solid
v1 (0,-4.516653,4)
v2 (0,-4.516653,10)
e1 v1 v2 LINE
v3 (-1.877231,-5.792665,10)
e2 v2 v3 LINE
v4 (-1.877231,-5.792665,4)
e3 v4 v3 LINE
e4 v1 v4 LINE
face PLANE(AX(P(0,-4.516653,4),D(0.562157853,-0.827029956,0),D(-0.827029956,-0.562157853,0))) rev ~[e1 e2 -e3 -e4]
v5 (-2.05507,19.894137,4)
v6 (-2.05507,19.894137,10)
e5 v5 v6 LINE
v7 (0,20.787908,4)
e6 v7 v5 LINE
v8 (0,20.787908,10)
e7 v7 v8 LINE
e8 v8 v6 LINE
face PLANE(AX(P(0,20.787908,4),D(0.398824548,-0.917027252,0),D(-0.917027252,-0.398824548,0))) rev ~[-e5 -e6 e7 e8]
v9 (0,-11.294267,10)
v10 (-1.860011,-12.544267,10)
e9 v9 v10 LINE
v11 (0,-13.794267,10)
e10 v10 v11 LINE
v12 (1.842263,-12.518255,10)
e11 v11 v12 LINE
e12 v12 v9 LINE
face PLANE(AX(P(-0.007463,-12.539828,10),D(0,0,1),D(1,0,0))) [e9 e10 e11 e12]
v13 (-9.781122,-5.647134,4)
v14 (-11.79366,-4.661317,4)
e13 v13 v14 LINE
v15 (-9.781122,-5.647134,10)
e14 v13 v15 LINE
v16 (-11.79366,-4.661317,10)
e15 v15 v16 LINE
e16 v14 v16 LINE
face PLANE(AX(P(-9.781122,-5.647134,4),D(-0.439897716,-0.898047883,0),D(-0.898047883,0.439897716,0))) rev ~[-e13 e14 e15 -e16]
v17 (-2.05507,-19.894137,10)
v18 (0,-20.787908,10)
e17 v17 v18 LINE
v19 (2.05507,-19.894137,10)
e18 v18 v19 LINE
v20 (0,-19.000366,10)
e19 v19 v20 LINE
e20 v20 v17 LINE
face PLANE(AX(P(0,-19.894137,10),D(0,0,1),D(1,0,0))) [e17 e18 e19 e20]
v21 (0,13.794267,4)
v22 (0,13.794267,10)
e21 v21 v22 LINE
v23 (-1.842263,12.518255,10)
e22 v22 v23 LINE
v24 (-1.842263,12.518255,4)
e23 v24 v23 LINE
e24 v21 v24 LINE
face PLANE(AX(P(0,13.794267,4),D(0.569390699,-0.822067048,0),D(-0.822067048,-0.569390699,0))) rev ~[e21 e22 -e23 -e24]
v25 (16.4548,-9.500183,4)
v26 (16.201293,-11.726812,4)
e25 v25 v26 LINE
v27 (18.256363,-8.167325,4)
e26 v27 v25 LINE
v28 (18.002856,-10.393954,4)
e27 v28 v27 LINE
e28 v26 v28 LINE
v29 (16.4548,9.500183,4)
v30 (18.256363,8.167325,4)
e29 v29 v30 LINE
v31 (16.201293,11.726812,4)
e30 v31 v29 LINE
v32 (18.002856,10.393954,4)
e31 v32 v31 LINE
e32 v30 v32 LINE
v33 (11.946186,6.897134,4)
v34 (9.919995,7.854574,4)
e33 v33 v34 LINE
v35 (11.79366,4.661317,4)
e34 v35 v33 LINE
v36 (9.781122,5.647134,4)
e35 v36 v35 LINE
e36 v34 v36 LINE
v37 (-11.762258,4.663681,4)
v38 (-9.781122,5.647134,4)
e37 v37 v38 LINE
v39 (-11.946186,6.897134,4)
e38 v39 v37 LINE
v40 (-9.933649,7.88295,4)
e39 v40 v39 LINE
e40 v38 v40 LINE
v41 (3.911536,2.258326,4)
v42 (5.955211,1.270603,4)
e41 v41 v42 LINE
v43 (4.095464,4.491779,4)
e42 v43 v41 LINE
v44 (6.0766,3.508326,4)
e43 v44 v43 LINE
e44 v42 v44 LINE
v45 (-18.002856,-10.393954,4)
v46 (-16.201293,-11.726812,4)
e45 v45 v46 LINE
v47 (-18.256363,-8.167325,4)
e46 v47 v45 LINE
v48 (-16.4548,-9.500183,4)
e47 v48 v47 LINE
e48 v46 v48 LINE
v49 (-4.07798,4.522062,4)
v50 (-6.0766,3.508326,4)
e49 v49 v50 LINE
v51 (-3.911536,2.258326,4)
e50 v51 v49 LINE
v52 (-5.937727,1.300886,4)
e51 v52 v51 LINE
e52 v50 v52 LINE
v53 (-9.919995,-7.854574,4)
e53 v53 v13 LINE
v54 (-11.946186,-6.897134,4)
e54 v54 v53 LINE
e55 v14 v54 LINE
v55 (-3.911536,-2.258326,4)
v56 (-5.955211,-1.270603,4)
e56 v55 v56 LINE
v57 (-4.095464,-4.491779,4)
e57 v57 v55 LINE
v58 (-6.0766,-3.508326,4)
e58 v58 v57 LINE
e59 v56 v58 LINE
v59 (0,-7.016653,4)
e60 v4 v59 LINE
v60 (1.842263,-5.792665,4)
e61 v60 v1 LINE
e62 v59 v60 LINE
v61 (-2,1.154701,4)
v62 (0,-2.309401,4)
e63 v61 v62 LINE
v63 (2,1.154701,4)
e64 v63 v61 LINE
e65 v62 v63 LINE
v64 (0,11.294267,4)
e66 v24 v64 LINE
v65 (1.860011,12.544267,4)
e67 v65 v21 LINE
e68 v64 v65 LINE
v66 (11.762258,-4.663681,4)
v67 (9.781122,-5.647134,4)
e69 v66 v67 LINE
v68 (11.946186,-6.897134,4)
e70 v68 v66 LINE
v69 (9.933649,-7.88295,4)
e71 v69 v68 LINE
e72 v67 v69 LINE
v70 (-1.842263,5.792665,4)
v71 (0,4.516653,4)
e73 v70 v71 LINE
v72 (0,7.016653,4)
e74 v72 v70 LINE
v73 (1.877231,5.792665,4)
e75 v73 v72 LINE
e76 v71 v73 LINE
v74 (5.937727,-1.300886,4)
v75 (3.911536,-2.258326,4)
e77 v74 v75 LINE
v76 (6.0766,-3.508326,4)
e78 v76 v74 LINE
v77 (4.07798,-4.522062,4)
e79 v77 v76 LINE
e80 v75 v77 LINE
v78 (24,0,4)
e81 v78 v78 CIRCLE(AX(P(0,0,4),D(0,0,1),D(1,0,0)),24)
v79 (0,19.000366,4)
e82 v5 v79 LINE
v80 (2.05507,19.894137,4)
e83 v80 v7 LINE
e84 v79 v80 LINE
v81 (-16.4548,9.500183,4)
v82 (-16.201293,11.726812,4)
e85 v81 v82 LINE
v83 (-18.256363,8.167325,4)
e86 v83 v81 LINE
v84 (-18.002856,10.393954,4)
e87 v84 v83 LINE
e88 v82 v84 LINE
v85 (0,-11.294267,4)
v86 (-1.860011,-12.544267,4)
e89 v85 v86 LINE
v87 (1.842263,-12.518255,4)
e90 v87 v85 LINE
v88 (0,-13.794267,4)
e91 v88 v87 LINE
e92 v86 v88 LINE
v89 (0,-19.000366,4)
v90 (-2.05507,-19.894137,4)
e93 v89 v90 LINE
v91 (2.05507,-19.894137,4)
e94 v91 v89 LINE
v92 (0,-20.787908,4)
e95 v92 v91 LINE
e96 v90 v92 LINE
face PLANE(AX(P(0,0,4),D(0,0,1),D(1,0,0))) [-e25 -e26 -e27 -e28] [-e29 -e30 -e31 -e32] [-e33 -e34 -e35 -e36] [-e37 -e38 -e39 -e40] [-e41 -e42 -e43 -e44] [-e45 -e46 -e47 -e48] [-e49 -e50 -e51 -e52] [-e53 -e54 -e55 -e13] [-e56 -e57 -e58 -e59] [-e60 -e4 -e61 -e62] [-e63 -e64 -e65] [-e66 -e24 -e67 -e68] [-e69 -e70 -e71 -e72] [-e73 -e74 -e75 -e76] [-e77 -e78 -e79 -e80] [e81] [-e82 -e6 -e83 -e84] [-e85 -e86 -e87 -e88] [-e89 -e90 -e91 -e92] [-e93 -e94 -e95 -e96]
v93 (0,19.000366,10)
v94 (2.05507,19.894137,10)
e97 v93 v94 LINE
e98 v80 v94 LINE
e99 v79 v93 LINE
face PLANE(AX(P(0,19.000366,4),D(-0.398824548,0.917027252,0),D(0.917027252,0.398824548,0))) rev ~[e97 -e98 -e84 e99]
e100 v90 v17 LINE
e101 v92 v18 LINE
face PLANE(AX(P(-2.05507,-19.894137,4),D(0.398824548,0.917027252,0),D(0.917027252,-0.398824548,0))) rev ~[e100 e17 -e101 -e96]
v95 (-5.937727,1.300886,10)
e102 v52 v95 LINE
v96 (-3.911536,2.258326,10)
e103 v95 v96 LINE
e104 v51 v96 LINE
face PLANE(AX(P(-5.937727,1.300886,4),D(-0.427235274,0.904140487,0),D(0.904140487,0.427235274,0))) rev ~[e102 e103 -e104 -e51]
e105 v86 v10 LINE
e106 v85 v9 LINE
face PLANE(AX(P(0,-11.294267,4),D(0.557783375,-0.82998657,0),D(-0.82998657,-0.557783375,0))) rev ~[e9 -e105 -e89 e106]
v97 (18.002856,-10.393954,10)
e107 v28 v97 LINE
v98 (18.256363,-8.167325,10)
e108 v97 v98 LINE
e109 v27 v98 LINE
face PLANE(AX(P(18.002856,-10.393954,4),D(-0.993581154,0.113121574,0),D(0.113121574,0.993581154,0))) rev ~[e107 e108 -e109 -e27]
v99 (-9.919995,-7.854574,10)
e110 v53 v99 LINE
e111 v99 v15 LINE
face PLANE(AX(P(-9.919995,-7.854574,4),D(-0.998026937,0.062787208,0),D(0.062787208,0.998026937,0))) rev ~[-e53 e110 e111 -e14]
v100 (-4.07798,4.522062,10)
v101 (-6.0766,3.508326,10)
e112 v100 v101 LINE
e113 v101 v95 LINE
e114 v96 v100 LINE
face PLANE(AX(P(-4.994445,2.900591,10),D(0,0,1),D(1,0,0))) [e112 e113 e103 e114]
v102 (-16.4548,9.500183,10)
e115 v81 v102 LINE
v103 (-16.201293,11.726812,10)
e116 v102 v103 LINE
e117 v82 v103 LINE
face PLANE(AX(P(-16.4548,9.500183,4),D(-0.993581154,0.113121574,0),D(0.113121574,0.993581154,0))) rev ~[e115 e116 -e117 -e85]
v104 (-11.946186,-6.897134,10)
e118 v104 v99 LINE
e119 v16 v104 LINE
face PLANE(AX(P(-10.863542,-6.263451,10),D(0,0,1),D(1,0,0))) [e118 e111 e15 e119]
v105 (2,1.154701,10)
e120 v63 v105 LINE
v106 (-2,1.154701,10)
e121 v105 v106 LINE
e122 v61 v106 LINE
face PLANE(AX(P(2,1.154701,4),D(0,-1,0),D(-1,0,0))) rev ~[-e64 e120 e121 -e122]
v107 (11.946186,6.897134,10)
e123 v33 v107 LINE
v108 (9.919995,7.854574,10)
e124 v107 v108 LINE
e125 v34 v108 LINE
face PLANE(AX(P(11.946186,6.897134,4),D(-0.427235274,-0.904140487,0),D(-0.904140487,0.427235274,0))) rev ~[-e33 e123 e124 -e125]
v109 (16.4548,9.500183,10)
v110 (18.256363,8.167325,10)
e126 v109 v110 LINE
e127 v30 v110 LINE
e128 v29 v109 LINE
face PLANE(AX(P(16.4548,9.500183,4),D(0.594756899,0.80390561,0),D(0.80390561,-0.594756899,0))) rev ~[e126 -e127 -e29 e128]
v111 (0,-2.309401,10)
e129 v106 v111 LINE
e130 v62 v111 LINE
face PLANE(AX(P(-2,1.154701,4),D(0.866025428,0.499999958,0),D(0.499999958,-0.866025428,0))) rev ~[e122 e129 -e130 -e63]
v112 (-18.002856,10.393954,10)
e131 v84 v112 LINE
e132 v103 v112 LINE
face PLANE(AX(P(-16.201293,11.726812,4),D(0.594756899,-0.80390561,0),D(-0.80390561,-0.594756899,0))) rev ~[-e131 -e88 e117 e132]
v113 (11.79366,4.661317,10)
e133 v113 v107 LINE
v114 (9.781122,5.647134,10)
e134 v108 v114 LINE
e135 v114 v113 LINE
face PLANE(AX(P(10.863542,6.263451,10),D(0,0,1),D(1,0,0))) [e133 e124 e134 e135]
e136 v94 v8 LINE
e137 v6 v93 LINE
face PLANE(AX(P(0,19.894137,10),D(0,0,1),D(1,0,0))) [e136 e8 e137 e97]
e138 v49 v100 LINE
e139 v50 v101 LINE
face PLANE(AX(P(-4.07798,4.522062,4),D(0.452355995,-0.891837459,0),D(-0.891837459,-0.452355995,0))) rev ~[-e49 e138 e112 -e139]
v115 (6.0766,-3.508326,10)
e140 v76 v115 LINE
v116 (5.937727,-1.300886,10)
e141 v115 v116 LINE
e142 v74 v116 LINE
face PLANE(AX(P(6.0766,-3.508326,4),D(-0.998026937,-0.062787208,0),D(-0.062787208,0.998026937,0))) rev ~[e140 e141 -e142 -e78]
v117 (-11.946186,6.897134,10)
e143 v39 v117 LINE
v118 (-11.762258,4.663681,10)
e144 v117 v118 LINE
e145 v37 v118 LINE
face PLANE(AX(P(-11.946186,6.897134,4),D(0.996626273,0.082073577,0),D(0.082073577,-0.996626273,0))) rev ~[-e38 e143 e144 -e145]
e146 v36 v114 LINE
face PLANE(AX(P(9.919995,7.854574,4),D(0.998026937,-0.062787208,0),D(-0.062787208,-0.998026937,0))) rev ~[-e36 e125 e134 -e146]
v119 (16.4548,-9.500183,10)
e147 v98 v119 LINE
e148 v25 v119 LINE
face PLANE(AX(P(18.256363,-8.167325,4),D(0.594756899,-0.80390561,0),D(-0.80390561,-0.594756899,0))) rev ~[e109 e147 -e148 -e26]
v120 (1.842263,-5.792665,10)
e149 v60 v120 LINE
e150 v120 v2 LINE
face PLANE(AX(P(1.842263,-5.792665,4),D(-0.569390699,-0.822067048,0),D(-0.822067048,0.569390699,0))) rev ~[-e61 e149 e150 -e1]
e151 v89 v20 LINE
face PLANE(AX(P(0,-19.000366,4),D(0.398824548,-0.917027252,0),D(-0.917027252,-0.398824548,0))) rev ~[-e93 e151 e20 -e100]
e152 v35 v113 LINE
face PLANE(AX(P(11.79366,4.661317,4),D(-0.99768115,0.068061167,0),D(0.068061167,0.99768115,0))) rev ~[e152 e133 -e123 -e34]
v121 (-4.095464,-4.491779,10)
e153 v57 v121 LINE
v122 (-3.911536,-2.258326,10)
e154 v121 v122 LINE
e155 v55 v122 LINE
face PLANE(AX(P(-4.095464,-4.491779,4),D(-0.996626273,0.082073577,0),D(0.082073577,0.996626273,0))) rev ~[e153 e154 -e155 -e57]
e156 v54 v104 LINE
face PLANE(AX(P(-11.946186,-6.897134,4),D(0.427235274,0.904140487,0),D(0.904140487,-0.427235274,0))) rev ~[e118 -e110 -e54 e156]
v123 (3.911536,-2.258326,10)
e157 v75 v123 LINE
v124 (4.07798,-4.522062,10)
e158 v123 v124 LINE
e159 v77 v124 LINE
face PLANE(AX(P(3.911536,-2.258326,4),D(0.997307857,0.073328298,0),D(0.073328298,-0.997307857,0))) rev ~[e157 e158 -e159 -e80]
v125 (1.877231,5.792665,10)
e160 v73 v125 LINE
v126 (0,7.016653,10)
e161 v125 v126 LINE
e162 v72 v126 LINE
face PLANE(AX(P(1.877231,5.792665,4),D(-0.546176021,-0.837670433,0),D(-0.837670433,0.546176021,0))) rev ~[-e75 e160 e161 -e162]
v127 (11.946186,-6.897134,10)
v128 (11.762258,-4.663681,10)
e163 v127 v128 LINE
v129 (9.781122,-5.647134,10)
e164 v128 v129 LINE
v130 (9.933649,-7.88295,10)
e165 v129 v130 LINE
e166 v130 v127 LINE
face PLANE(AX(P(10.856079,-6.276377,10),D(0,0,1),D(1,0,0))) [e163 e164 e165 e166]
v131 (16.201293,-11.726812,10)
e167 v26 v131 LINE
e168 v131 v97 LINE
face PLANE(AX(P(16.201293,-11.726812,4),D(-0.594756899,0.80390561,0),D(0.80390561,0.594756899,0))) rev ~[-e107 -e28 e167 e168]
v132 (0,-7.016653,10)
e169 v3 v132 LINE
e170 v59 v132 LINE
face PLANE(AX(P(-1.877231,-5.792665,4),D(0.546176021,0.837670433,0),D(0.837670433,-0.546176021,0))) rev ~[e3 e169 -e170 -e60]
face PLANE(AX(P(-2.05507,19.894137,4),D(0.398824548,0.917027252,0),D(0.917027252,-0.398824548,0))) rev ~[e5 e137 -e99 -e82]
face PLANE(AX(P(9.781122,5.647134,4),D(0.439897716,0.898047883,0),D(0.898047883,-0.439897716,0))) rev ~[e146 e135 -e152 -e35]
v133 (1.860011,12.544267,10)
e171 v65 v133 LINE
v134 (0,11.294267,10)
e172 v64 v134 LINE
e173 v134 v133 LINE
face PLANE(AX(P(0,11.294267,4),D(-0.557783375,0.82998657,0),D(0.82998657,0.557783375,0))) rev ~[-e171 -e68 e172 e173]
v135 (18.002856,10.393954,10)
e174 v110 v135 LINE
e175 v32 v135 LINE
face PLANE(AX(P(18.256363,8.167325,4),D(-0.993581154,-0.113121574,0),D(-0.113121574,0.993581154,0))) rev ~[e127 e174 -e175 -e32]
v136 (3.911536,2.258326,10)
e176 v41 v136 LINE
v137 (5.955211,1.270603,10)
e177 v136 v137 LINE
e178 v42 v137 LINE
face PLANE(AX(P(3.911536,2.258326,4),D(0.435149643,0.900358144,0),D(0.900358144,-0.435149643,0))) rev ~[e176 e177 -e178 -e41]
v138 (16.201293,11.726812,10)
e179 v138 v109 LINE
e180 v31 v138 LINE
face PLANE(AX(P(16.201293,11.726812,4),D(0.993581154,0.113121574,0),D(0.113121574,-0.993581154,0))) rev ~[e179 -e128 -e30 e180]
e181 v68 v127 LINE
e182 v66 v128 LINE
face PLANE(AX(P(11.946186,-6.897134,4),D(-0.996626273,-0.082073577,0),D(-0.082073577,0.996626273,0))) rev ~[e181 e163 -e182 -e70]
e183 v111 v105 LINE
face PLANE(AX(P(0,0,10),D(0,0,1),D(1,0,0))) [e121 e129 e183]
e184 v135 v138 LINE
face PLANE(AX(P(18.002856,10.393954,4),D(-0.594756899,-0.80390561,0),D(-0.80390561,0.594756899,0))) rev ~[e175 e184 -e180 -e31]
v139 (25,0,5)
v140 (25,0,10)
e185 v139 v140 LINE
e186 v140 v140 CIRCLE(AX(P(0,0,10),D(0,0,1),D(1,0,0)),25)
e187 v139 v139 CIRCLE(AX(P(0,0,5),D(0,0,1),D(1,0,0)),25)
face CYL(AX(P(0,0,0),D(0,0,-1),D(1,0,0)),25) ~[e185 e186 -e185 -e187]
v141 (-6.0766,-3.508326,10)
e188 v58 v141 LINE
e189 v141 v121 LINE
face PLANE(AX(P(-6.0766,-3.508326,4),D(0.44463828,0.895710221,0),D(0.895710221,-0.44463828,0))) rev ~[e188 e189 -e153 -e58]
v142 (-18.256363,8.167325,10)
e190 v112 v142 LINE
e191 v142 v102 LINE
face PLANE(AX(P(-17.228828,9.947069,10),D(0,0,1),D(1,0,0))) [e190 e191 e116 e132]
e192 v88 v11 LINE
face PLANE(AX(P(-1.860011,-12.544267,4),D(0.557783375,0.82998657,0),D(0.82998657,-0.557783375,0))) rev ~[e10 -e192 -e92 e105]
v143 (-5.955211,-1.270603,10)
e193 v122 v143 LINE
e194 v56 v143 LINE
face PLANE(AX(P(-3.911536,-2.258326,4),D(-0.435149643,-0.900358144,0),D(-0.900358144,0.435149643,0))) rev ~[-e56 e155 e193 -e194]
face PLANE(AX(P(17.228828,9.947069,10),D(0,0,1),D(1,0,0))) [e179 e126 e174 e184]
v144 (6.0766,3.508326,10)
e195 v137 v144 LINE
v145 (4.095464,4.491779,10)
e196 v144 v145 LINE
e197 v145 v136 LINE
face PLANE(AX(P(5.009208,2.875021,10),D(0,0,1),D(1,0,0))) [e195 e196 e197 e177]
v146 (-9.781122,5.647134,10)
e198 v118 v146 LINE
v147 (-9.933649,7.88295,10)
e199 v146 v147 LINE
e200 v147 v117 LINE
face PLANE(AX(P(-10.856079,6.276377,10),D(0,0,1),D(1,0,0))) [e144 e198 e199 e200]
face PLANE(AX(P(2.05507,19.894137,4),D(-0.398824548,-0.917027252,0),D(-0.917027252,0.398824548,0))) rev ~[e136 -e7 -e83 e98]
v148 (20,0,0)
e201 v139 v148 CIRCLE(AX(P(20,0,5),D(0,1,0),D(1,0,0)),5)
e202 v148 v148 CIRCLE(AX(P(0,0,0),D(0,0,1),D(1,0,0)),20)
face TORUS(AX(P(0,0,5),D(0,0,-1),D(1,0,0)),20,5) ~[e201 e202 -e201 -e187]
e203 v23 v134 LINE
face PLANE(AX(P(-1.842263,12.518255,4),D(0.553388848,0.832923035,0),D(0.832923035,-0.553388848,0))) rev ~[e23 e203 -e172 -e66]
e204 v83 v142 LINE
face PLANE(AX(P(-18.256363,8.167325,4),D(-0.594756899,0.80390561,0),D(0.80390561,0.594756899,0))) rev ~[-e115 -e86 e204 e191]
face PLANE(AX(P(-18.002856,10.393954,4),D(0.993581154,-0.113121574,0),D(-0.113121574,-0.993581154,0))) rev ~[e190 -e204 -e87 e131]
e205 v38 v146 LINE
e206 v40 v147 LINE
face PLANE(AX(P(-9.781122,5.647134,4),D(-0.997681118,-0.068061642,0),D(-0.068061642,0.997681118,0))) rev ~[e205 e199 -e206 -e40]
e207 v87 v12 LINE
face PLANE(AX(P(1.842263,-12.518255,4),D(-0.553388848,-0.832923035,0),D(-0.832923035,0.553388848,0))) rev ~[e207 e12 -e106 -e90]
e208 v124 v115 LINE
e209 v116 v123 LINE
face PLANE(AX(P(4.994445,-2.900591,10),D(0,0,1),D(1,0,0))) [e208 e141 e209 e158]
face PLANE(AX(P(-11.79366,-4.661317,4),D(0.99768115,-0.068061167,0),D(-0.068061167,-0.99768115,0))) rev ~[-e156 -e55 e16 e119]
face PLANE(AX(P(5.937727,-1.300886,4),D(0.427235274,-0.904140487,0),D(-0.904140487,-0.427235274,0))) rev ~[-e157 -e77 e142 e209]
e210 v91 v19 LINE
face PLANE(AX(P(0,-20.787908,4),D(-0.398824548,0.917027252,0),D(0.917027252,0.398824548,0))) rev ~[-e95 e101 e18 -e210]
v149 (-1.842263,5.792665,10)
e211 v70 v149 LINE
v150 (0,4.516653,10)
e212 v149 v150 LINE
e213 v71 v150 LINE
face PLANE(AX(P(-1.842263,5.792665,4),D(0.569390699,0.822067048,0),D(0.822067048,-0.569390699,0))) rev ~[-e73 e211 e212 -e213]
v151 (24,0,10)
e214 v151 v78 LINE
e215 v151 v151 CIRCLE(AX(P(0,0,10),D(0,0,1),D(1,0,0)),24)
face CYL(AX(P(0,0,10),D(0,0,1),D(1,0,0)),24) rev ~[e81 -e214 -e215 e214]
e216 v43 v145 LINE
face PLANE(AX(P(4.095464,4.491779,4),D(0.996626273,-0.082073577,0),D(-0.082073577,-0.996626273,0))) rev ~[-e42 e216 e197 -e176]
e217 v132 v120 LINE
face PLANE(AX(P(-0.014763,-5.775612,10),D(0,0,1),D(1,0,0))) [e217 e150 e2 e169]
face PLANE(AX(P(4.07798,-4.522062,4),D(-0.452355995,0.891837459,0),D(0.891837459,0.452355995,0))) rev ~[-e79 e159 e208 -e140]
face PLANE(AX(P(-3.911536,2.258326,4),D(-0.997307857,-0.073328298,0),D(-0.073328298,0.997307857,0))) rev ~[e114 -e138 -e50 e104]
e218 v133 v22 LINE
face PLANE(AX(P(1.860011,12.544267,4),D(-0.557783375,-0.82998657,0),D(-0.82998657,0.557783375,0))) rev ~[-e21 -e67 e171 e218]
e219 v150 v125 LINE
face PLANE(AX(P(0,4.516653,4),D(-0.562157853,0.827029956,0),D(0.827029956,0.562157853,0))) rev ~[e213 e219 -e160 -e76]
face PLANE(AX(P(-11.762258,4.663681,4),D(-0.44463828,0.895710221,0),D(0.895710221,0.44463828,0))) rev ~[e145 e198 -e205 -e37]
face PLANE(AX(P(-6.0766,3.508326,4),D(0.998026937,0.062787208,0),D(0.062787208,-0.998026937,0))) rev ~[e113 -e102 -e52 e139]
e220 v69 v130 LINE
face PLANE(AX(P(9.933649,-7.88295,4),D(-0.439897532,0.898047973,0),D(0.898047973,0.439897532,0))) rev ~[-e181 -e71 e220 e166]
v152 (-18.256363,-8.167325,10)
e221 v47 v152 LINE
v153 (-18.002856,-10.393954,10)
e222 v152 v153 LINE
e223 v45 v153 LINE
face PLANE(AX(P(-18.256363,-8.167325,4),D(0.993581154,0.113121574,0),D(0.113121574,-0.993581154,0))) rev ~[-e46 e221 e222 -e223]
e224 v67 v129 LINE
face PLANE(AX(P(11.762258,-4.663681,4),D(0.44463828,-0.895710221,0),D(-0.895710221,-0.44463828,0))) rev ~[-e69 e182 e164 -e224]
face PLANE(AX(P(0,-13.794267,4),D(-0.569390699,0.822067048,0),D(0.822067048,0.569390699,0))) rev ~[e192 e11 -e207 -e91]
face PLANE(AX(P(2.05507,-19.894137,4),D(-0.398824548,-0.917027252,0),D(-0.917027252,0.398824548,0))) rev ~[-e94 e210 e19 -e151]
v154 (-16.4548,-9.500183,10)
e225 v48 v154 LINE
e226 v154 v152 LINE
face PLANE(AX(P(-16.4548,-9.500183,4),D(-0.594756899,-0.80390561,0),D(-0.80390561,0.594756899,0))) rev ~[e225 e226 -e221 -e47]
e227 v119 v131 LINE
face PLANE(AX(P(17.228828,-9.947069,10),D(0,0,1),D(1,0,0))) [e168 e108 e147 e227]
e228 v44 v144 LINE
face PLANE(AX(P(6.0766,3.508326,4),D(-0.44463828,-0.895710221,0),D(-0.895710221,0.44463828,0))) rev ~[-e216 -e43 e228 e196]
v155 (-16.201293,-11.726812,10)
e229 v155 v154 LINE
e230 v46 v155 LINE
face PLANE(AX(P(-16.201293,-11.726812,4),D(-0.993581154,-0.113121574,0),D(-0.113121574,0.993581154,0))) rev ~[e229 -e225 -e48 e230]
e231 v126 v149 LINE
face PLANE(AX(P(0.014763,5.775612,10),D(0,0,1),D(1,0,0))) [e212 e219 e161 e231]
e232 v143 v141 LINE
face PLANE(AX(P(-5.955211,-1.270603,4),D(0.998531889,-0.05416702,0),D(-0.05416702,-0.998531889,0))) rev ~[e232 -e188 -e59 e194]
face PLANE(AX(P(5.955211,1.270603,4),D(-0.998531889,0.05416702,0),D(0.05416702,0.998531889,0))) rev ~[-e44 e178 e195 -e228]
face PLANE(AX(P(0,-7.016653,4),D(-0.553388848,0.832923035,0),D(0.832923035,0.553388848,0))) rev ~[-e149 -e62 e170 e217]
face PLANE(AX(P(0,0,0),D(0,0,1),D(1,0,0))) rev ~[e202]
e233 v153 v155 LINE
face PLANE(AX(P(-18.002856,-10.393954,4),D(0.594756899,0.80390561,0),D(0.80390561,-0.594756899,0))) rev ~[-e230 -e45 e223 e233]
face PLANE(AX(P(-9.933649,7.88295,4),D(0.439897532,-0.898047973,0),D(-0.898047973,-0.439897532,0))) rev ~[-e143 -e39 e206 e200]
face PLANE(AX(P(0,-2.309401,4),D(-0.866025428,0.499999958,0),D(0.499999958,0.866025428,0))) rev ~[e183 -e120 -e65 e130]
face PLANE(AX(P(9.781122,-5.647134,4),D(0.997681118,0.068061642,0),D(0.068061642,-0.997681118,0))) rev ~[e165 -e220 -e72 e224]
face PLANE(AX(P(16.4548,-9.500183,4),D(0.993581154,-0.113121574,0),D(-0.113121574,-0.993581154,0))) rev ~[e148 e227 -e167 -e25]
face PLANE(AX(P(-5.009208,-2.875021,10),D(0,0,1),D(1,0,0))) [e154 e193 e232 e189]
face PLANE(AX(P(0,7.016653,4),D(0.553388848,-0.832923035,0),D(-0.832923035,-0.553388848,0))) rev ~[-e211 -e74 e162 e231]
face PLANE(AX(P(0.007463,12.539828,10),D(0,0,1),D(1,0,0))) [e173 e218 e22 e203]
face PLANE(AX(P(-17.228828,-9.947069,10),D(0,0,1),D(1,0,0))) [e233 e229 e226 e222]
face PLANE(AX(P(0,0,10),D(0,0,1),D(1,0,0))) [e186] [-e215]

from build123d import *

# Parameters (mm, degrees)
F0_R     = 25
F1_DEPTH = 10
F2_R     = 24
F3_DEPTH = 6
F5_DEPTH = 6
F7_DEPTH = 6
F9_DEPTH = 6
F10_R    = 5


with BuildPart() as f1:
    # F0 (on Top) → F1 (new body)
    with BuildSketch(Plane.XY):
        Circle(F0_R)
    extrude(amount=F1_DEPTH)

    # F2 (on face) → F3 (cut)
    with BuildSketch(Plane.XY.offset(10)):
        Circle(F2_R)
    extrude(amount=-F3_DEPTH, mode=Mode.SUBTRACT)

    # F4 (on face) → F5 (join)
    with BuildSketch(Plane.XY.offset(4)):
        Polygon((2, 1.154701), (-2, 1.154701), (0, -2.309401), align=None)
    extrude(amount=F5_DEPTH)

    # F6 (on face) → F7 (join)
    with BuildSketch(Plane.XY.offset(4)):
        Polygon((0, 19.000366), (2.05507, 19.894137), (0, 20.787908), (-2.05507, 19.894137), align=None)
        Polygon((16.4548, 9.500183), (18.256363, 8.167325), (18.002856, 10.393954), (16.201293, 11.726812), align=None)
        Polygon((16.4548, -9.500183), (16.201293, -11.726812), (18.002856, -10.393954), (18.256363, -8.167325), align=None)
        Polygon((0, -19.000366), (-2.05507, -19.894137), (0, -20.787908), (2.05507, -19.894137), align=None)
        Polygon((-16.4548, -9.500183), (-18.256363, -8.167325), (-18.002856, -10.393954), (-16.201293, -11.726812), align=None)
        Polygon((-16.4548, 9.500183), (-16.201293, 11.726812), (-18.002856, 10.393954), (-18.256363, 8.167325), align=None)
    extrude(amount=F7_DEPTH)

    # F8 (on face) → F9 (join)
    with BuildSketch(Plane.XY.offset(4)):
        Polygon((0, -13.794267), (1.842263, -12.518255), (0, -11.294267), (-1.860011, -12.544267), align=None)
        Polygon((0, -7.016653), (1.842263, -5.792665), (0, -4.516653), (-1.877231, -5.792665), align=None)
        Polygon((6.0766, -3.508326), (5.937727, -1.300886), (3.911536, -2.258326), (4.07798, -4.522062), align=None)
        Polygon((11.946186, -6.897134), (11.762258, -4.663681), (9.781122, -5.647134), (9.933649, -7.88295), align=None)
        Polygon((6.0766, 3.508326), (4.095464, 4.491779), (3.911536, 2.258326), (5.955211, 1.270603), align=None)
        Polygon((1.877231, 5.792665), (0, 7.016653), (-1.842263, 5.792665), (0, 4.516653), align=None)
        Polygon((-6.0766, 3.508326), (-5.937727, 1.300886), (-3.911536, 2.258326), (-4.07798, 4.522062), align=None)
        Polygon((-6.0766, -3.508326), (-4.095464, -4.491779), (-3.911536, -2.258326), (-5.955211, -1.270603), align=None)
        Polygon((-11.946186, -6.897134), (-9.919995, -7.854574), (-9.781122, -5.647134), (-11.79366, -4.661317), align=None)
        Polygon((-11.946186, 6.897134), (-11.762258, 4.663681), (-9.781122, 5.647134), (-9.933649, 7.88295), align=None)
        Polygon((0, 11.294267), (1.860011, 12.544267), (0, 13.794267), (-1.842263, 12.518255), align=None)
        Polygon((11.946186, 6.897134), (9.919995, 7.854574), (9.781122, 5.647134), (11.79366, 4.661317), align=None)
    extrude(amount=F9_DEPTH)

    # F10
    f10_edges = [f1.edges().sort_by_distance(p)[0] for p in [
        (-25, 0, 0),
    ]]
    fillet(f10_edges, radius=F10_R)


solid = f1.part
